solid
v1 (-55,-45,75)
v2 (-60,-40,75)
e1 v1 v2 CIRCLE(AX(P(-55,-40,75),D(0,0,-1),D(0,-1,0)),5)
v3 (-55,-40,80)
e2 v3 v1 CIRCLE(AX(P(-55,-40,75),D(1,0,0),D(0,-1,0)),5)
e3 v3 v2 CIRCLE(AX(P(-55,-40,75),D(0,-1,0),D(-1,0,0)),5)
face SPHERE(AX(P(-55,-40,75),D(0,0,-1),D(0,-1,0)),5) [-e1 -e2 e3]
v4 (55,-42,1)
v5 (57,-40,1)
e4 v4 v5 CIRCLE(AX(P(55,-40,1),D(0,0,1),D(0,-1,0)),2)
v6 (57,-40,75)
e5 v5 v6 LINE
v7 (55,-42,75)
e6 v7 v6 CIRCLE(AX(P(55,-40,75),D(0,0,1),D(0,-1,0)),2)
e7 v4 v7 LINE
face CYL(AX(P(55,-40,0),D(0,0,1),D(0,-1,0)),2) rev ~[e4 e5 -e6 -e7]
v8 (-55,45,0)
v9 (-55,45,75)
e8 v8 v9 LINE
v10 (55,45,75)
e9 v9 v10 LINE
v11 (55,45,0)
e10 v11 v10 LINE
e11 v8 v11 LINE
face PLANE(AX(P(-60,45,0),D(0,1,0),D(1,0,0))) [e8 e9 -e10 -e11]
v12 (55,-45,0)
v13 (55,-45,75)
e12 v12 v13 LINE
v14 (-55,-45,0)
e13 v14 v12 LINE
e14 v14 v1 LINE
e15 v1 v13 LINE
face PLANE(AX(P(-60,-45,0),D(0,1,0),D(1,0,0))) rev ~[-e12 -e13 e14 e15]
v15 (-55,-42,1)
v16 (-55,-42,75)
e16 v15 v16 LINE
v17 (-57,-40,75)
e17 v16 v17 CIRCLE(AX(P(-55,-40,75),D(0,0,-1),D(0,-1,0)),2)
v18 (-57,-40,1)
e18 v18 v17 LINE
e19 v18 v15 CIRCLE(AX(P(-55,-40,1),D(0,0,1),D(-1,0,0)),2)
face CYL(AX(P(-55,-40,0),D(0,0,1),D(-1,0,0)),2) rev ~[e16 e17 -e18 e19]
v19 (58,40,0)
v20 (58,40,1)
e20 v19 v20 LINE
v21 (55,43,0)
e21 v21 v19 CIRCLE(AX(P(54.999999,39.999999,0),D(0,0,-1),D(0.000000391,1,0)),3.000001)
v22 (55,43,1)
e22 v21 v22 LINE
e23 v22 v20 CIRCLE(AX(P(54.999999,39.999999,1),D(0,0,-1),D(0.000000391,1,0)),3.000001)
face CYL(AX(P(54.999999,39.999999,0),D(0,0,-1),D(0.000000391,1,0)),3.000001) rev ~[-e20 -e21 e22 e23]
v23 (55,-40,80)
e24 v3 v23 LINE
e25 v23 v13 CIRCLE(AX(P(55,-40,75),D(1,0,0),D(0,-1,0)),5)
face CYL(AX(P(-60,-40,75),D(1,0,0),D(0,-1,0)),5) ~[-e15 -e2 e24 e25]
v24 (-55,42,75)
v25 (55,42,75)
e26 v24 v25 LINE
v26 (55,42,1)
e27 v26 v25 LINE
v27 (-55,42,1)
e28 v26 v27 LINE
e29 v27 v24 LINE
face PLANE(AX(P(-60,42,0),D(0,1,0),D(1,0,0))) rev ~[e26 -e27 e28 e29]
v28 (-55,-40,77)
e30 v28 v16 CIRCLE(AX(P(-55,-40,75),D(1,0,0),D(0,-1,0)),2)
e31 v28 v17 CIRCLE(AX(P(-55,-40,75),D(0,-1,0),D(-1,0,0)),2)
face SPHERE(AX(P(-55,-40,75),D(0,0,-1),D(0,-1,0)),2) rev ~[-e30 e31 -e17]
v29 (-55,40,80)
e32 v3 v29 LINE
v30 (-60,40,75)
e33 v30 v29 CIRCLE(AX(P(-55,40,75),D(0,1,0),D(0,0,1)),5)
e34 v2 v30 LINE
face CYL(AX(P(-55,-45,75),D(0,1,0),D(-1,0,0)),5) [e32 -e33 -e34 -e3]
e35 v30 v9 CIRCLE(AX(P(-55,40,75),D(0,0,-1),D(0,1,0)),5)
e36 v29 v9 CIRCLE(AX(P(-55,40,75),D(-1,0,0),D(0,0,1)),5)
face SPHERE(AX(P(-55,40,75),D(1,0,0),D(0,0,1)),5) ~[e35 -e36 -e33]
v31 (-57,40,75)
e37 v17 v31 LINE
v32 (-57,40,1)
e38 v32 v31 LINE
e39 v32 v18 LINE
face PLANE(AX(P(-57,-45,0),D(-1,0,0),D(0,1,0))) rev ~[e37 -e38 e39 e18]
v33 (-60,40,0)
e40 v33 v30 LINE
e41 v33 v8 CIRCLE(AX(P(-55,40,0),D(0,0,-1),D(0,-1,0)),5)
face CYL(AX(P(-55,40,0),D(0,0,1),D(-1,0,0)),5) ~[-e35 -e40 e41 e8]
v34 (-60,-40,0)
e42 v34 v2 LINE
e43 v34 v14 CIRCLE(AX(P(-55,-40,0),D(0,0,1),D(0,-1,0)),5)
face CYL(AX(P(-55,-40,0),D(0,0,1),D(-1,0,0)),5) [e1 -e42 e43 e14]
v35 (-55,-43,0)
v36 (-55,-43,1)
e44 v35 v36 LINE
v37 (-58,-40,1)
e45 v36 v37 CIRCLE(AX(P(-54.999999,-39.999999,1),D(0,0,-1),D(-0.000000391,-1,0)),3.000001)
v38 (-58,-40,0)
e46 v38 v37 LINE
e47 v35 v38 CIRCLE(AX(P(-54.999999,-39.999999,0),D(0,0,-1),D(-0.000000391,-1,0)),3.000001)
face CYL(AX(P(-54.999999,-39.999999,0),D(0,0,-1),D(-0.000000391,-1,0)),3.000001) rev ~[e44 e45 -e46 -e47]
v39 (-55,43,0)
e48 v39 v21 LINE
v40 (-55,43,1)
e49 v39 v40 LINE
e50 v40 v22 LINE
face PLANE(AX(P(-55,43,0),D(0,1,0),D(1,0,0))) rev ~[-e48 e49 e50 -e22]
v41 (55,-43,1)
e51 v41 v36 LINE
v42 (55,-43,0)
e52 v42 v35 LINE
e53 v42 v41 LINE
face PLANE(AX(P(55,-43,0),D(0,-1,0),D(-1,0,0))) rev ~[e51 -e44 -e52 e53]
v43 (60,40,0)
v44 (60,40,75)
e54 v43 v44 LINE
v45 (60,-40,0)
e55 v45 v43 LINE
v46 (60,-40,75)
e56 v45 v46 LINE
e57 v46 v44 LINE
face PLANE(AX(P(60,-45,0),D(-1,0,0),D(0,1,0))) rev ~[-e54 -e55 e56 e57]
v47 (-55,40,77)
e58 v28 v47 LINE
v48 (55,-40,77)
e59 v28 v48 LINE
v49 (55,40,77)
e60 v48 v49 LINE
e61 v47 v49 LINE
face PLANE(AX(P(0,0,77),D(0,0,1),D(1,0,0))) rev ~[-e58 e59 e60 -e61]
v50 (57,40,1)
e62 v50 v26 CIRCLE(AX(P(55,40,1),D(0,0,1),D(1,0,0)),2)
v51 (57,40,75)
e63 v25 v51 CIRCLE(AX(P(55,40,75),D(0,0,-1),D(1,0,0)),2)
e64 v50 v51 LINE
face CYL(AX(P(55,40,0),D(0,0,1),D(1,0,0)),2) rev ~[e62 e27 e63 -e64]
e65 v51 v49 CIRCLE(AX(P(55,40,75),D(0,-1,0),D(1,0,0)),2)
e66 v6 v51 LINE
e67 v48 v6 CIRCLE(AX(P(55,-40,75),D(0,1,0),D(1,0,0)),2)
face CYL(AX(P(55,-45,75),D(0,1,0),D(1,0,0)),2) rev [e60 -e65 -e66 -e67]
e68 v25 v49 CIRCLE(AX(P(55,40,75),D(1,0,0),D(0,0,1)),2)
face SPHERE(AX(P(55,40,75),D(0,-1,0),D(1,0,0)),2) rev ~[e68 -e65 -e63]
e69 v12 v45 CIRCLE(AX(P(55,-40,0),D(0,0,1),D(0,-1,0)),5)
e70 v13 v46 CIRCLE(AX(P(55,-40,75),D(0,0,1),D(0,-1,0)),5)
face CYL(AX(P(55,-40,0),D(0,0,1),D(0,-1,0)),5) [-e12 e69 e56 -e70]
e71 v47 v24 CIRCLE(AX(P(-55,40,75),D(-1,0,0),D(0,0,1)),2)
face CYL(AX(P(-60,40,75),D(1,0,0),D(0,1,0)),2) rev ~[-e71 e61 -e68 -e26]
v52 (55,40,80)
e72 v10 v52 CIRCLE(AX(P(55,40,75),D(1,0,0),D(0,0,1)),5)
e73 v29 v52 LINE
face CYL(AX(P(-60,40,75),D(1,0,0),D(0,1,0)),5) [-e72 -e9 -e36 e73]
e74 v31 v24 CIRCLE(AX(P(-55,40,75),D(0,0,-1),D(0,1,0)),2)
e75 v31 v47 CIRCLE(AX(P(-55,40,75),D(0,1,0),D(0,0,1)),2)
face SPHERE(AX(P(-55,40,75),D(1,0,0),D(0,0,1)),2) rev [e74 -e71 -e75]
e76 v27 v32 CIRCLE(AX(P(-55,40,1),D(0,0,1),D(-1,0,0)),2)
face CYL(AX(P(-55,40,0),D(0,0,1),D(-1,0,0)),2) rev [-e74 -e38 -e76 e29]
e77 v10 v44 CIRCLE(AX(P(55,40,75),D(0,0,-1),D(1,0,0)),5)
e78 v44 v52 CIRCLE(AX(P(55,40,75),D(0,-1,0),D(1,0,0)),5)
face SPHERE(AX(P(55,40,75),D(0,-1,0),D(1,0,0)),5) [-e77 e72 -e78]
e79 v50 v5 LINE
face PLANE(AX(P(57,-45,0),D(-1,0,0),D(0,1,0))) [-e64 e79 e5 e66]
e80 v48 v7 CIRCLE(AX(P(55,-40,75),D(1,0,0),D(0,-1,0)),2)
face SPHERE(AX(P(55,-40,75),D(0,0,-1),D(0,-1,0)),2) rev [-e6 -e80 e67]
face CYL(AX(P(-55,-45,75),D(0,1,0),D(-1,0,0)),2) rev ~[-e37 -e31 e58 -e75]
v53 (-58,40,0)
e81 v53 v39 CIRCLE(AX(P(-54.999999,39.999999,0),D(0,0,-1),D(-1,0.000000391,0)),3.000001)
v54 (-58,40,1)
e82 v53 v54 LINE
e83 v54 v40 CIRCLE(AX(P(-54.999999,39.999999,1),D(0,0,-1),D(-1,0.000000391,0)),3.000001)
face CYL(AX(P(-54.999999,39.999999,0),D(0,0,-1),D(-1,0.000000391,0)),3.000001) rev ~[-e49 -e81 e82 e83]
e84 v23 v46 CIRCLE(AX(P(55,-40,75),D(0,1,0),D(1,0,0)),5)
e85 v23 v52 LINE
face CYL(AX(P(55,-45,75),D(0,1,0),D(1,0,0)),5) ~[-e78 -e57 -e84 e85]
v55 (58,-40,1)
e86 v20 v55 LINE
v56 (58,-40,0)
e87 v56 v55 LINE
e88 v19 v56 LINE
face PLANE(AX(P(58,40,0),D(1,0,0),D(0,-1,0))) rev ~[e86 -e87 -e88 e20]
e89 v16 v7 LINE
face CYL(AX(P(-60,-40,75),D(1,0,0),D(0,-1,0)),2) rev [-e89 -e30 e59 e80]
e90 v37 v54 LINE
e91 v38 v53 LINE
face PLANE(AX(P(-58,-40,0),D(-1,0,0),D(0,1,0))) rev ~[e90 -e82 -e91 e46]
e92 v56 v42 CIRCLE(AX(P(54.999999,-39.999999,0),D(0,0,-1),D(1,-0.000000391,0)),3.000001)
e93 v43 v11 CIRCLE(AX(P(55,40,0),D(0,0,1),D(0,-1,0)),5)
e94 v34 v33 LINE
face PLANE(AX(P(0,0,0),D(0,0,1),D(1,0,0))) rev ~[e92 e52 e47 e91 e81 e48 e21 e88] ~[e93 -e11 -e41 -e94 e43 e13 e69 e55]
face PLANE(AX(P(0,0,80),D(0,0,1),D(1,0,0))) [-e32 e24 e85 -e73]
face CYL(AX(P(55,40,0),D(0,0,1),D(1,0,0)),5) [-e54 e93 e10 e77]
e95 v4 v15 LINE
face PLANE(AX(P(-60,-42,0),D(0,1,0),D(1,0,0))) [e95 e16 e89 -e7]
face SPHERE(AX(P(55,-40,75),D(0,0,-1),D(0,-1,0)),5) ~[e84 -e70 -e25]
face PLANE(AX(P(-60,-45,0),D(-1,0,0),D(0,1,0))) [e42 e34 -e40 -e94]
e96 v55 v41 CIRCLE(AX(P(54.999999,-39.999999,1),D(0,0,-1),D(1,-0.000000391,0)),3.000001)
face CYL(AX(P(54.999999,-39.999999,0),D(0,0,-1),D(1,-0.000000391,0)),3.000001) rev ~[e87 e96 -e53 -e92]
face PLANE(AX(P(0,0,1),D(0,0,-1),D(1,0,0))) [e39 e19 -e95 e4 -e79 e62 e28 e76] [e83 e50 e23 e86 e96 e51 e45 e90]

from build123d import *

# Parameters (mm, degrees)
F0_W     = 120
F0_H     = 90
F1_DEPTH = 80
F2_R     = 5
F3_T     = -3
F5_DEPTH = 1


with BuildPart() as f1:
    # F0 (on Top) → F1 (new body)
    with BuildSketch(Plane.XY):
        Rectangle(F0_W, F0_H)
    extrude(amount=F1_DEPTH)

    # F2
    f2_edges = [f1.edges().sort_by_distance(p)[0] for p in [
        (60, -45, 40),
        (-60, -45, 40),
        (0, -45, 80),
        (60, 0, 80),
        (60, 45, 40),
        (0, 45, 80),
        (-60, 0, 80),
        (-60, 45, 40),
    ]]
    fillet(f2_edges, radius=F2_R)

    # F3
    f3_openings = [f1.faces().sort_by_distance(p)[0] for p in [
        (0, 0, 0),
    ]]
    offset(amount=F3_T, openings=f3_openings)

    # F4 (on face) → F5 (cut)
    with BuildSketch(Plane(origin=(0, 0, 0), x_dir=(1, 0, 0), z_dir=(0, 0, -1))):
        with BuildLine():
            ThreePointArc((58, 40), (57.12132, 42.12132), (55, 43))
            Line((55, 43), (-55, 43))
            ThreePointArc((-55, 43), (-57.12132, 42.12132), (-58, 40))
            Line((-58, 40), (-58, -40))
            ThreePointArc((-58, -40), (-57.12132, -42.12132), (-55, -43))
            Line((-55, -43), (55, -43))
            ThreePointArc((55, -43), (57.12132, -42.12132), (58, -40))
            Line((58, -40), (58, 40))
        make_face()
    extrude(amount=-F5_DEPTH, mode=Mode.SUBTRACT)


solid = f1.part
